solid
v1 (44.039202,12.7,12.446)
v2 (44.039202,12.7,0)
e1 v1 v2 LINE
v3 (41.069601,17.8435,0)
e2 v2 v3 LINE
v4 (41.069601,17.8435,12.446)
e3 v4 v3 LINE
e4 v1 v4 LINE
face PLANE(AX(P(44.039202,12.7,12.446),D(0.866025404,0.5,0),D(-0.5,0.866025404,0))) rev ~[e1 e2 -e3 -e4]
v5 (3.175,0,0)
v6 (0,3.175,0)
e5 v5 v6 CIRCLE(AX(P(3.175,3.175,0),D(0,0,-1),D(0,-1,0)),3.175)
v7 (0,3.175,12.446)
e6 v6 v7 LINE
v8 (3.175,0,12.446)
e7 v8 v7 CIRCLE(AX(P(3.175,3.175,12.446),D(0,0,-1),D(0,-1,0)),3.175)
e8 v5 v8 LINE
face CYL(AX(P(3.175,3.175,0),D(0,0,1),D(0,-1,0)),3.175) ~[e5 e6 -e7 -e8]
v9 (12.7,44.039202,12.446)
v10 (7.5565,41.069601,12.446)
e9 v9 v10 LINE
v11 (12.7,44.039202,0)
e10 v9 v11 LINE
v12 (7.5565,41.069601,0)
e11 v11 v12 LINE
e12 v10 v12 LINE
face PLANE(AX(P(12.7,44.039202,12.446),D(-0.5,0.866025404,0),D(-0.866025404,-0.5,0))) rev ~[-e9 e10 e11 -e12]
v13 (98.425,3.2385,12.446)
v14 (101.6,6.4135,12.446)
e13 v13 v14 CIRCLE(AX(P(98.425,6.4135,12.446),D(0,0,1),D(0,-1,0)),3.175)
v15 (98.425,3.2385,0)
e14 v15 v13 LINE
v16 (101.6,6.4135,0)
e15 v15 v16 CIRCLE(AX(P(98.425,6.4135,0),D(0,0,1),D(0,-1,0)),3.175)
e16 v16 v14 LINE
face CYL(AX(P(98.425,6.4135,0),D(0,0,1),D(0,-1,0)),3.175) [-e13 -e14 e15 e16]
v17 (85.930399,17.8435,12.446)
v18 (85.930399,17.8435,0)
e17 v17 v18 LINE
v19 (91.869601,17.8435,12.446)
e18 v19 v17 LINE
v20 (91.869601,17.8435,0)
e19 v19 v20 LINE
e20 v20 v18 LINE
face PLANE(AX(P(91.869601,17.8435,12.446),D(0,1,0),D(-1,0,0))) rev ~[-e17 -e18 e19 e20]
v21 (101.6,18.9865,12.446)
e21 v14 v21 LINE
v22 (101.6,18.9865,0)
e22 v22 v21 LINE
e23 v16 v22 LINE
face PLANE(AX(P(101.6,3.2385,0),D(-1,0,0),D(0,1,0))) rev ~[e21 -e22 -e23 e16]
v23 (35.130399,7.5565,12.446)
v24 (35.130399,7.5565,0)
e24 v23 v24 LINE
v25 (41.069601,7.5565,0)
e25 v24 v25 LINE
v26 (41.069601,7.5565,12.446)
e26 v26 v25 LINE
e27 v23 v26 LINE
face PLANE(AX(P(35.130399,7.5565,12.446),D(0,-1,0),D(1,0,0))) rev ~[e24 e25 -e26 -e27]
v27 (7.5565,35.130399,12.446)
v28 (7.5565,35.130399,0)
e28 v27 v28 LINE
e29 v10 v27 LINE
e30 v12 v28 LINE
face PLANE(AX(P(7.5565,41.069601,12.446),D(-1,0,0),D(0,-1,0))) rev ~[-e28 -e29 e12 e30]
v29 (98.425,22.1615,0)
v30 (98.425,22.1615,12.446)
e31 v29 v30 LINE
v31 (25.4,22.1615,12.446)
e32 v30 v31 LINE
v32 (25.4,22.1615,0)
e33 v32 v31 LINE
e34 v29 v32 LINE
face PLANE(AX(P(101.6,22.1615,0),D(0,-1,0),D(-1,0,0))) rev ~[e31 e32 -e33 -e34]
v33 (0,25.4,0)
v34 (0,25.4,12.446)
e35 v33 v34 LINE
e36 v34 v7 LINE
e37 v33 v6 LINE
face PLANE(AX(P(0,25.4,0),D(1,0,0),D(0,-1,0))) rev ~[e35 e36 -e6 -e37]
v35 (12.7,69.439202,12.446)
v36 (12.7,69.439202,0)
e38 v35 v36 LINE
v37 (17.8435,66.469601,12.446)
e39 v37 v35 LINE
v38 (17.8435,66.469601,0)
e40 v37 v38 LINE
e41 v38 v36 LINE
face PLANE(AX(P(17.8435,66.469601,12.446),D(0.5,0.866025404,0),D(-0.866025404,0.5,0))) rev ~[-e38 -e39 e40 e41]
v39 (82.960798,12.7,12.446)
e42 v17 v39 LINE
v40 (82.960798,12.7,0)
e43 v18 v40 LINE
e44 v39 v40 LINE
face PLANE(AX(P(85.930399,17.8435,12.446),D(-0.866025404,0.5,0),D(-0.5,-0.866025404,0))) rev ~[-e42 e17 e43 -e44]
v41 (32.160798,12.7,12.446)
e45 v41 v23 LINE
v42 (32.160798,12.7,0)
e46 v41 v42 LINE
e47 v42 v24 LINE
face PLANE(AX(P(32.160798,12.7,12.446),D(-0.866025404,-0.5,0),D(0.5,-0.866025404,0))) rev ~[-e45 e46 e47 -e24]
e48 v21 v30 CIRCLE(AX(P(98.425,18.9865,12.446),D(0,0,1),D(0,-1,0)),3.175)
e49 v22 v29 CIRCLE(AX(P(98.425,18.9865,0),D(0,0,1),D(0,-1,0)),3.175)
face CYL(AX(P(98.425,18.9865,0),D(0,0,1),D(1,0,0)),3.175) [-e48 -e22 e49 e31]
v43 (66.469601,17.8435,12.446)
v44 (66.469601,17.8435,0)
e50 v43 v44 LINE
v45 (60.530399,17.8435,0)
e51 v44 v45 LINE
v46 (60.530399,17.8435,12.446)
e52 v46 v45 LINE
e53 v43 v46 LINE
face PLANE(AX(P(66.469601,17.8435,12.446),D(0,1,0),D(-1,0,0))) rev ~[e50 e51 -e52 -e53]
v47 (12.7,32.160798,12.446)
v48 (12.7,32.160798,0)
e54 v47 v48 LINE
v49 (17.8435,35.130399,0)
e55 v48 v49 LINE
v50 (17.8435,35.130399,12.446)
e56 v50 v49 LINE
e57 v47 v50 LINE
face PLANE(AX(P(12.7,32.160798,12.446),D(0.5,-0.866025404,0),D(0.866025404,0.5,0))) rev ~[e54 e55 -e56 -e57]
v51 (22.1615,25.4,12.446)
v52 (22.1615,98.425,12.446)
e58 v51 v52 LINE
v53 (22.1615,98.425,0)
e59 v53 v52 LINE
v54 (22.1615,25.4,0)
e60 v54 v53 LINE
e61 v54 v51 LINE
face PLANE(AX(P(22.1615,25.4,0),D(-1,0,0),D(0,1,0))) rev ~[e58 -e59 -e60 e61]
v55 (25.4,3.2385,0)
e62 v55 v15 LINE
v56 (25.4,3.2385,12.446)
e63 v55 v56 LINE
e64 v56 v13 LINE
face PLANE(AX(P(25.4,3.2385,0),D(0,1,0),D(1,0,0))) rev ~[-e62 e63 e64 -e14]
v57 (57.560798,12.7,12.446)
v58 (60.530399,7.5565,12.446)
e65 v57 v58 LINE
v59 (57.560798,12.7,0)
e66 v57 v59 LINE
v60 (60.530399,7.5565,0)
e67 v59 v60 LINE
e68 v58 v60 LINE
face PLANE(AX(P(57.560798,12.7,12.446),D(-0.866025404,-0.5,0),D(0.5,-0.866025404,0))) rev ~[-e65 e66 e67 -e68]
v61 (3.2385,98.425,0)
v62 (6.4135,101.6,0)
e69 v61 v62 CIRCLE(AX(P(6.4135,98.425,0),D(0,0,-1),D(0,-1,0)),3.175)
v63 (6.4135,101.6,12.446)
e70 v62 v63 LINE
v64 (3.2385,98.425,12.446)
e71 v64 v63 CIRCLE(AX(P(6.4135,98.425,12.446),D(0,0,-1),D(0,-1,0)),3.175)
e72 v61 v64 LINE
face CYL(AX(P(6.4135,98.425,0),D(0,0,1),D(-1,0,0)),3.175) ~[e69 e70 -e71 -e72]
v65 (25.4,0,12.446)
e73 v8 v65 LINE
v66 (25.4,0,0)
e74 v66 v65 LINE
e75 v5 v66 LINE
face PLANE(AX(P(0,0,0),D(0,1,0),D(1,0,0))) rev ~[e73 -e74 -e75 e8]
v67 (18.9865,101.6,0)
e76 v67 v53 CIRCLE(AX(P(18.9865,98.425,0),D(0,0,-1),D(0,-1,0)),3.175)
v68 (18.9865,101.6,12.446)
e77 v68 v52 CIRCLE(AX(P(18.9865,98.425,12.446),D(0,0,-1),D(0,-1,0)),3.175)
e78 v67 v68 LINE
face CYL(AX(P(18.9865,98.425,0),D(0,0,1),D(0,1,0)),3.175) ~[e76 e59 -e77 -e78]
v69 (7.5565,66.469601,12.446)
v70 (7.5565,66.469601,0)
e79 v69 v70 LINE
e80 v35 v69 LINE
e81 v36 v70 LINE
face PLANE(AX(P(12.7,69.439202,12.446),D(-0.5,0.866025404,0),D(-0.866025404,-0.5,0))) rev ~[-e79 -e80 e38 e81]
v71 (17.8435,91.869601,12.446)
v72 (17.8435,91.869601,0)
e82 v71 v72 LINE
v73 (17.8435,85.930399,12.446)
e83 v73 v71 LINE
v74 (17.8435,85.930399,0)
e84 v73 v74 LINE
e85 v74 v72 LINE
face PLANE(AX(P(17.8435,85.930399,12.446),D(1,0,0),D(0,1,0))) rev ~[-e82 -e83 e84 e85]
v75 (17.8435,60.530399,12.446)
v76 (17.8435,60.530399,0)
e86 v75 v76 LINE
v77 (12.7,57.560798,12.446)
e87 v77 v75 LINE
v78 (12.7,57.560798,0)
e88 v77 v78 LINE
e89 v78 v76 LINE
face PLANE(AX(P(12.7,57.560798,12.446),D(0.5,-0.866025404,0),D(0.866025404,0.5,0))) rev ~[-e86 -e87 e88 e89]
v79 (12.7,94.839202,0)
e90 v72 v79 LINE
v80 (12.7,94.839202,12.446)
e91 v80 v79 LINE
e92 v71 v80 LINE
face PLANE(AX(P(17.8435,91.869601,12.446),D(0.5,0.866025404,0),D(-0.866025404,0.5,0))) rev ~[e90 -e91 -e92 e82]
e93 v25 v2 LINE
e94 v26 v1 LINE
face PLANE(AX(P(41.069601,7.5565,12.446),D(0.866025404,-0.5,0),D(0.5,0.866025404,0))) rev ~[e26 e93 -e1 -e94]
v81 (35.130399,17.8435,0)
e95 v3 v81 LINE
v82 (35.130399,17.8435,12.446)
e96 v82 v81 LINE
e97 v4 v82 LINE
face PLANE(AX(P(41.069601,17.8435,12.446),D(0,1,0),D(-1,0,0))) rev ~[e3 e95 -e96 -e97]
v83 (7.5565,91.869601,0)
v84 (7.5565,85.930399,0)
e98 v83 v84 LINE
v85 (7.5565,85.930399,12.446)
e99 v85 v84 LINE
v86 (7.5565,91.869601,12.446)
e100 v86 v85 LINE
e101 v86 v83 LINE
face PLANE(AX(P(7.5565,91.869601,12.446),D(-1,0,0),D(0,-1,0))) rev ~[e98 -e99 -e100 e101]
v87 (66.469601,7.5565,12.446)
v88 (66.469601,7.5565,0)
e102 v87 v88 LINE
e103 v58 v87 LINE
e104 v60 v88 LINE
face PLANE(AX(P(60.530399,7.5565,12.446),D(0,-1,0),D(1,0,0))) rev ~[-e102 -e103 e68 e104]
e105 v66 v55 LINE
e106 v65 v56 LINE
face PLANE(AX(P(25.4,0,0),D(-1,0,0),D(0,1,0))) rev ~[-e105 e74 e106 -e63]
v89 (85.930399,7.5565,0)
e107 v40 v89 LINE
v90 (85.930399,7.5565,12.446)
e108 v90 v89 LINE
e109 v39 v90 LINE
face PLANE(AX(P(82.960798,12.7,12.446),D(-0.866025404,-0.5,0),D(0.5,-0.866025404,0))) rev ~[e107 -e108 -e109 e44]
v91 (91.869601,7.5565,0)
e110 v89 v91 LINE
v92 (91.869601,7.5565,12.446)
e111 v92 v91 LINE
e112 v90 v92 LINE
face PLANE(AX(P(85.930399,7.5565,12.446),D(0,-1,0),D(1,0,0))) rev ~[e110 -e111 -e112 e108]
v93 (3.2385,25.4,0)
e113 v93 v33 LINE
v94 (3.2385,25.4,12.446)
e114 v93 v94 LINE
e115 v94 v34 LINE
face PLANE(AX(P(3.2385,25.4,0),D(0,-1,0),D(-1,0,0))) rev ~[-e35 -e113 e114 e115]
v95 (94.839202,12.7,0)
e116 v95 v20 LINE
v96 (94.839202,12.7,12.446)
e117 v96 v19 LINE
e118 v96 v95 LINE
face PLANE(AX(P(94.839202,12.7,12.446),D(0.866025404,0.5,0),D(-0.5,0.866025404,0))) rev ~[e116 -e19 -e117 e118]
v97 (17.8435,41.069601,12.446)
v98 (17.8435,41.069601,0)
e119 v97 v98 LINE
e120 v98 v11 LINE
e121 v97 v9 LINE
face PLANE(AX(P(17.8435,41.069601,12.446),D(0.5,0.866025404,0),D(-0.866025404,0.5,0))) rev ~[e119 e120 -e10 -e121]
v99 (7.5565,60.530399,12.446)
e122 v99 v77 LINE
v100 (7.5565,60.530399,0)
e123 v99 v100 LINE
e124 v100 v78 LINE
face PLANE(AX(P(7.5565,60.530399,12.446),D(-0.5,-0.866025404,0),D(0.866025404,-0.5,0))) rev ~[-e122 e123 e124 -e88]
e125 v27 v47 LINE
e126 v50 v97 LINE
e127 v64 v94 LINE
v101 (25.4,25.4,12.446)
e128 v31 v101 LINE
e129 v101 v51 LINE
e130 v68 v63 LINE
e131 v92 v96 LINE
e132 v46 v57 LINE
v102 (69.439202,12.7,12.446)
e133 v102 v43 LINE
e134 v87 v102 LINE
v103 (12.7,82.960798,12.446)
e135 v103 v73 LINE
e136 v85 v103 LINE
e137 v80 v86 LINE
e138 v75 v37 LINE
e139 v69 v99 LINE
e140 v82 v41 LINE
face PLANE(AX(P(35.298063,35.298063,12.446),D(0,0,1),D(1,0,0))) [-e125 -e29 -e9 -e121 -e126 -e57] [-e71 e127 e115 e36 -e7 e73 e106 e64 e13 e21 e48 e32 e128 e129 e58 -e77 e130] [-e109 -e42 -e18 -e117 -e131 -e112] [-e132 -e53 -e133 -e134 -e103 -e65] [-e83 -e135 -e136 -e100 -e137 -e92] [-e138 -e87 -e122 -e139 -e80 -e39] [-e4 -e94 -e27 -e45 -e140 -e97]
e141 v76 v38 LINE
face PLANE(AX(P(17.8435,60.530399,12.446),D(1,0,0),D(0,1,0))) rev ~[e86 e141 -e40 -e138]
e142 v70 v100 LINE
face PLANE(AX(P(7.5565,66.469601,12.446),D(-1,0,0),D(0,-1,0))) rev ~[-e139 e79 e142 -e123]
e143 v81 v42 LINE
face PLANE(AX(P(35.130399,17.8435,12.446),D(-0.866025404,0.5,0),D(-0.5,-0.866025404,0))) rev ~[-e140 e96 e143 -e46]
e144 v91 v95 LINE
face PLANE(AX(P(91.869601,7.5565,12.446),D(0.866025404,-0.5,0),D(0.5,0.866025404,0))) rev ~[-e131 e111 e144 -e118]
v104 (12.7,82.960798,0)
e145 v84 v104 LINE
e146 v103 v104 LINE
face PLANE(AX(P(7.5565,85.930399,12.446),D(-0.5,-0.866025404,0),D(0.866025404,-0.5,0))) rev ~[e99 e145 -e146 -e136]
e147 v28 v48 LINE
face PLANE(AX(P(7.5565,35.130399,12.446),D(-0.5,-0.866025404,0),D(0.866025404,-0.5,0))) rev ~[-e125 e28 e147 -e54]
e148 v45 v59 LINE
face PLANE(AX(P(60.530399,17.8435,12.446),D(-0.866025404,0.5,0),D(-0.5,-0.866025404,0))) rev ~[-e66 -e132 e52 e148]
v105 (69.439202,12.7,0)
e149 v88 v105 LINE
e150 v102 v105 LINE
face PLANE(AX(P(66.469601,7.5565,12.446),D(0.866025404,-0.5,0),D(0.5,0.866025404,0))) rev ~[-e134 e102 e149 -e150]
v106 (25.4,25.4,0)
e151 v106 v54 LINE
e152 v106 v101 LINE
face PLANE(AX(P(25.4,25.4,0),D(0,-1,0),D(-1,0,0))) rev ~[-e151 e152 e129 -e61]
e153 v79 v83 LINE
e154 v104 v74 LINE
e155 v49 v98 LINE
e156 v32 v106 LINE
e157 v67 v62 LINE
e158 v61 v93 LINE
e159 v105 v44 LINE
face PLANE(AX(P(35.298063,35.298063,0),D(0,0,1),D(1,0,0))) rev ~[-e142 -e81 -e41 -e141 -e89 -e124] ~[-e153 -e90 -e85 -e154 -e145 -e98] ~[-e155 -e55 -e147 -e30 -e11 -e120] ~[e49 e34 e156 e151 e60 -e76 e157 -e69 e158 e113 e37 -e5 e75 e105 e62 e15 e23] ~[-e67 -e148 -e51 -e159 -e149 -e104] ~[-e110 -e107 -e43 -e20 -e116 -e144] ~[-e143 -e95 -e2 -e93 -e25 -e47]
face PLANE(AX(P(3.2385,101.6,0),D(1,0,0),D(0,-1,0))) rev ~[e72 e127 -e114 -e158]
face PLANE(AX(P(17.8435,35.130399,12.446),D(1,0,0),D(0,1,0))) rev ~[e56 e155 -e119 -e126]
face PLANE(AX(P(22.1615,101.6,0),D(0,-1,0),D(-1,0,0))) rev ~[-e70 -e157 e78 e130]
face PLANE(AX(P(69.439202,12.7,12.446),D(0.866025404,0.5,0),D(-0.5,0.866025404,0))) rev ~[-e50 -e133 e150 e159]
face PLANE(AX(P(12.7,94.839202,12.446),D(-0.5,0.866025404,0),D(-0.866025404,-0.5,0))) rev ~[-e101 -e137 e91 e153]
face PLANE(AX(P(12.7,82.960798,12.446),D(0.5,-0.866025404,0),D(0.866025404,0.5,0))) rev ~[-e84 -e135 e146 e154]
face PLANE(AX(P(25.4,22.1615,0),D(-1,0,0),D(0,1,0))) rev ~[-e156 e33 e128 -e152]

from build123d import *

# Parameters (mm, degrees)
BOSS_EXTRUDE1_DEPTH = 12.446
CUT_EXTRUDE1_DEPTH  = 145.222130465
FILLET1_R           = 3.175


with BuildPart() as part:
    # Sketch1 → Boss-Extrude1 (new body)
    with BuildSketch(Plane.XY):
        Polygon((0, 0), (25.4, 0), (25.4, 3.2385), (101.6, 3.2385), (101.6, 22.1615), (25.4, 22.1615), (25.4, 25.4), (22.1615, 25.4), (22.1615, 101.6), (3.2385, 101.6), (3.2385, 25.4), (0, 25.4), align=None)
    extrude(amount=BOSS_EXTRUDE1_DEPTH)

    # Sketch2 → Cut-Extrude1 (cut, through all)
    with BuildSketch(Plane.XY.offset(12.446)):
        Polygon((17.8435, 85.93039889), (17.8435, 91.86960111), (12.7, 94.839202219), (7.5565, 91.86960111), (7.5565, 85.93039889), (12.7, 82.960797781), align=None)
        Polygon((17.8435, 60.53039889), (17.8435, 66.46960111), (12.7, 69.439202219), (7.5565, 66.46960111), (7.5565, 60.53039889), (12.7, 57.560797781), align=None)
        Polygon((17.8435, 35.13039889), (17.8435, 41.06960111), (12.7, 44.039202219), (7.5565, 41.06960111), (7.5565, 35.13039889), (12.7, 32.160797781), align=None)
        Polygon((41.06960111, 7.5565), (44.039202219, 12.7), (41.06960111, 17.8435), (35.13039889, 17.8435), (32.160797781, 12.7), (35.13039889, 7.5565), align=None)
        Polygon((66.46960111, 7.5565), (69.439202219, 12.7), (66.46960111, 17.8435), (60.53039889, 17.8435), (57.560797781, 12.7), (60.53039889, 7.5565), align=None)
        Polygon((91.86960111, 7.5565), (94.839202219, 12.7), (91.86960111, 17.8435), (85.93039889, 17.8435), (82.960797781, 12.7), (85.93039889, 7.5565), align=None)
    extrude(amount=-CUT_EXTRUDE1_DEPTH, mode=Mode.SUBTRACT)

    # Fillet1
    fillet1_edges = [part.edges().sort_by_distance(p)[0] for p in [
        (3.2385, 101.6, 6.223),
        (22.1615, 101.6, 6.223),
        (101.6, 22.1615, 6.223),
        (101.6, 3.2385, 6.223),
        (0, 0, 6.223),
    ]]
    fillet(fillet1_edges, radius=FILLET1_R)


solid = part.part
